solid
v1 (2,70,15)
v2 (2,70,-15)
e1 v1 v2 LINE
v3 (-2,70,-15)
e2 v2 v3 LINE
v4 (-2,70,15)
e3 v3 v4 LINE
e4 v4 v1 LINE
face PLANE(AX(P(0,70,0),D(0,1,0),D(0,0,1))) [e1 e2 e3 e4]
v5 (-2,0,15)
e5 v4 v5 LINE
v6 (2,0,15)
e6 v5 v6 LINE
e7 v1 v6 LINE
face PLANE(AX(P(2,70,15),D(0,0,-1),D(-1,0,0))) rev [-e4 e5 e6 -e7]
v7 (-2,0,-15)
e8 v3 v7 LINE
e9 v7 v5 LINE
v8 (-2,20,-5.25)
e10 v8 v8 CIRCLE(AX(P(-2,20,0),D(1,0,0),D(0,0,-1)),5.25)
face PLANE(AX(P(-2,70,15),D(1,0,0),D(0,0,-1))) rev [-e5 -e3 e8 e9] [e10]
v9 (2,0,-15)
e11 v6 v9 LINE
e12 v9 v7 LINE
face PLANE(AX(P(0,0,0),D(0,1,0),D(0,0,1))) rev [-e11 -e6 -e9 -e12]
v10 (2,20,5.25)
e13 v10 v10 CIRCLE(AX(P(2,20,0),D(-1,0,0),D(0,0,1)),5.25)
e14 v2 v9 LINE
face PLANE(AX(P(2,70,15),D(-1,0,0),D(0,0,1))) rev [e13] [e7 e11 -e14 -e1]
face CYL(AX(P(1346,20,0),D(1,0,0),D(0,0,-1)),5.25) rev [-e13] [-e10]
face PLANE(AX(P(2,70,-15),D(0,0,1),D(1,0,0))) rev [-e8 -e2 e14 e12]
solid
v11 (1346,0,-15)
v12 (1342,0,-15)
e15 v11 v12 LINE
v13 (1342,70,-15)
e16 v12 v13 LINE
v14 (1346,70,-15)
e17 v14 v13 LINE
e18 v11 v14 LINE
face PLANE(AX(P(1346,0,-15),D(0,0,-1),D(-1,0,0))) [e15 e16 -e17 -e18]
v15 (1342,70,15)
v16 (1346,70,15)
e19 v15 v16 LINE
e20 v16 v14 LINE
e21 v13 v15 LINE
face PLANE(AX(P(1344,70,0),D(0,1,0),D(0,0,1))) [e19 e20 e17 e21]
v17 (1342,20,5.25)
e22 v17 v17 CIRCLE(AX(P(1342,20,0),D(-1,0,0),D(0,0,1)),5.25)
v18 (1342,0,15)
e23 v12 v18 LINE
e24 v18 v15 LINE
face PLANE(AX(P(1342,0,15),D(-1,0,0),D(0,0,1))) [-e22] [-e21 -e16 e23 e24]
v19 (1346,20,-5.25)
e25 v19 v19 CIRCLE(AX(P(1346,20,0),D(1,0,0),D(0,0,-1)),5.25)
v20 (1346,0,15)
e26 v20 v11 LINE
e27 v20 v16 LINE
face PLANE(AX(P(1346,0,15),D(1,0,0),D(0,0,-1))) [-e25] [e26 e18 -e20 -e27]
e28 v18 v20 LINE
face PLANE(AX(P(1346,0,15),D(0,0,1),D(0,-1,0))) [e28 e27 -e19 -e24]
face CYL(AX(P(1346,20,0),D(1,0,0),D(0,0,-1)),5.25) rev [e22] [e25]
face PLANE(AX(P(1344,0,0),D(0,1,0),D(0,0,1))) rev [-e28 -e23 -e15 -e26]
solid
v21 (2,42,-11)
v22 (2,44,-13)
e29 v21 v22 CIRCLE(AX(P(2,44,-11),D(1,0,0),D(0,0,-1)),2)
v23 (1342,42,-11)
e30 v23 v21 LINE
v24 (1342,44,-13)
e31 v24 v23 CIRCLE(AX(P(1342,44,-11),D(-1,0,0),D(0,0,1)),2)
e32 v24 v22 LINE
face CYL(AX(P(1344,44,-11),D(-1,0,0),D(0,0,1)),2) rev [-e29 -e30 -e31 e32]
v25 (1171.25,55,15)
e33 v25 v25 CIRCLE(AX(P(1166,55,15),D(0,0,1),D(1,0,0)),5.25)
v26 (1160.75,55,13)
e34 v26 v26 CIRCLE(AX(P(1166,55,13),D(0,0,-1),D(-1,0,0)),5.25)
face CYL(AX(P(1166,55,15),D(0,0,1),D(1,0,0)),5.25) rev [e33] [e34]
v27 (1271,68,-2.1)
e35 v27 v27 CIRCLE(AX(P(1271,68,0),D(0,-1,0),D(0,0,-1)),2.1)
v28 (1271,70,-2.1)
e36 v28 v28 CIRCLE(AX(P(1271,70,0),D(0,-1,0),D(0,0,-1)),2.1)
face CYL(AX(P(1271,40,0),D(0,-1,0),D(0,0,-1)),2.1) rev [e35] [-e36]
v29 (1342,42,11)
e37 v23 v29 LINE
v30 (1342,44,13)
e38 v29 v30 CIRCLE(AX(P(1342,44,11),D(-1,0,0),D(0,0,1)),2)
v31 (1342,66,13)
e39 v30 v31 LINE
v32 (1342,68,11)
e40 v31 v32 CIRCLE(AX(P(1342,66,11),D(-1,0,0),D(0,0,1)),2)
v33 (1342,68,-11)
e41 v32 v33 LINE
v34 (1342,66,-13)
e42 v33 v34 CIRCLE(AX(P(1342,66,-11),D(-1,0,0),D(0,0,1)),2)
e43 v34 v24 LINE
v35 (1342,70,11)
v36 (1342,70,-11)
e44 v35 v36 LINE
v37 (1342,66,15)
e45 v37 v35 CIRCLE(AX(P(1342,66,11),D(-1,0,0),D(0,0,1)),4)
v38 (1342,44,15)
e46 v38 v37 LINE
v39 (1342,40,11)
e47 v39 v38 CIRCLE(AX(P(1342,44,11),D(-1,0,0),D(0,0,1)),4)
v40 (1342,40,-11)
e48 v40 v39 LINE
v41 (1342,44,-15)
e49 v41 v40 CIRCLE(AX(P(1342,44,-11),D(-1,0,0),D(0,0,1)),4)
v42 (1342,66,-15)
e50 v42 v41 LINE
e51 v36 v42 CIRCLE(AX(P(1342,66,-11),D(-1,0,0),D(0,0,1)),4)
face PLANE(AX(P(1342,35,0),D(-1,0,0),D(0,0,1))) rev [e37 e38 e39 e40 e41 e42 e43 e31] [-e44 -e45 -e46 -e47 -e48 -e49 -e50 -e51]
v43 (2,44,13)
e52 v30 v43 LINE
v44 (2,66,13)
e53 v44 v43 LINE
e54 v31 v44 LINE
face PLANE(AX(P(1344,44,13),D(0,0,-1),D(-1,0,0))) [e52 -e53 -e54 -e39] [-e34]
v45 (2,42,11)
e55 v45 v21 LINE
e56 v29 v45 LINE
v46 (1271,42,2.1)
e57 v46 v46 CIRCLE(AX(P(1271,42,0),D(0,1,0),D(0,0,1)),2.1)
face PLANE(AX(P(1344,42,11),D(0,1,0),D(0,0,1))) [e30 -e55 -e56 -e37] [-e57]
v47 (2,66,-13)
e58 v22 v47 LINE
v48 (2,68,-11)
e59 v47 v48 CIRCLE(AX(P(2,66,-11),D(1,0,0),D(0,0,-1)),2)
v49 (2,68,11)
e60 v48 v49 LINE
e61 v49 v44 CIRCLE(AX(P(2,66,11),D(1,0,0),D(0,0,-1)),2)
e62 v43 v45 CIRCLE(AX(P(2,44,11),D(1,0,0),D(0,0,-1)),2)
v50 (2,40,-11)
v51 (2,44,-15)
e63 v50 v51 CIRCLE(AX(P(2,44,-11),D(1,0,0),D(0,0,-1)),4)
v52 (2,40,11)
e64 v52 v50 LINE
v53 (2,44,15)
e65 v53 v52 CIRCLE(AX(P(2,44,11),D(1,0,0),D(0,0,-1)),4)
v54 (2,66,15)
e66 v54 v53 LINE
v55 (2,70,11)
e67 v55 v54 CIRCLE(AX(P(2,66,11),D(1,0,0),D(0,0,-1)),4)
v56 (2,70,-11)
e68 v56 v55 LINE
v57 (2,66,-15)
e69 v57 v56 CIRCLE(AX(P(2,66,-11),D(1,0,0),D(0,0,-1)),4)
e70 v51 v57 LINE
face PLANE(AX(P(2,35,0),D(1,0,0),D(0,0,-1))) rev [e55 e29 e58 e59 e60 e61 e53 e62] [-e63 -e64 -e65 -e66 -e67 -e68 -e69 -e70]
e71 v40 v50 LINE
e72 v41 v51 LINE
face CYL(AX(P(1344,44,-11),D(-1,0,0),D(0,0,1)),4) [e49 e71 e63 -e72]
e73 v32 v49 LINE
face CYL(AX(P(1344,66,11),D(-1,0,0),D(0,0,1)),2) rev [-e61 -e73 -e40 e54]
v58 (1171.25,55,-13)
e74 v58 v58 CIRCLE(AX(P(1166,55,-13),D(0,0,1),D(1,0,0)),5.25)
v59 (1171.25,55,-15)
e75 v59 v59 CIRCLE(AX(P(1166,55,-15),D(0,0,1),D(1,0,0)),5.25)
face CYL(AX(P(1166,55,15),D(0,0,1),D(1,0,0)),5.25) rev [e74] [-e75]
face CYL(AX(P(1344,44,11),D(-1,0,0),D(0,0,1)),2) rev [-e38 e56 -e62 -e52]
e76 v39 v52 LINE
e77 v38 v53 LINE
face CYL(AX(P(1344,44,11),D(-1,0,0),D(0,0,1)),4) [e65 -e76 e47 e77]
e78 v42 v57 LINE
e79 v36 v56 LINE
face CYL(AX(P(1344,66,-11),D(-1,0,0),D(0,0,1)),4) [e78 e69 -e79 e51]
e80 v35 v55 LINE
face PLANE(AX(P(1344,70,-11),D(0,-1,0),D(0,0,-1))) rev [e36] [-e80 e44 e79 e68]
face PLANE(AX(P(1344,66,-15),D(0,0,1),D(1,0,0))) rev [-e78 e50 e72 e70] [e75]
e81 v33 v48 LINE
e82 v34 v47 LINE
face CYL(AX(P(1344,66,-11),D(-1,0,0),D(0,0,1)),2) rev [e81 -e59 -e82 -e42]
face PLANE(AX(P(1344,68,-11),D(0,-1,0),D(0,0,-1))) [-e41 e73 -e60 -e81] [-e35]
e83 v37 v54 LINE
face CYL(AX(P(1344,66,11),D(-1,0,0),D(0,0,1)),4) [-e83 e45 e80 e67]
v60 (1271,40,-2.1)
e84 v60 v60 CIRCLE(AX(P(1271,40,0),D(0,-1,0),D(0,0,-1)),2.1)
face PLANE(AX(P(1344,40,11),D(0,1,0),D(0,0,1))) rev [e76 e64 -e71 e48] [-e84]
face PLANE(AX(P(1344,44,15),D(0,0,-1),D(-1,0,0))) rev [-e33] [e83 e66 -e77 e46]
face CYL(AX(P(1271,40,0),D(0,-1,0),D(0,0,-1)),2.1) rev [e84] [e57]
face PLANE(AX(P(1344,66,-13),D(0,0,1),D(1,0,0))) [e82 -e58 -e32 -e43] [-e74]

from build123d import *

# Parameters (mm, degrees)
SQUARE_TUBE_CONFIGURED_30_X_30_X_2_DEPTH = 1344
SKETCH11_W                               = 4
SKETCH11_H                               = 30
STEEL_BAR_CONFIGURED_30_X_2_DEPTH        = 70
SKETCH11_ON_SEGMENT_2_W                  = 4
SKETCH11_ON_SEGMENT_2_H                  = 30
STEEL_BAR_CONFIGURED_30_X_2_2_DEPTH      = 70
SKETCH13_W                               = 5.25
SKETCH13_H                               = 1348
SKETCH16_W                               = 5.25
SKETCH16_H                               = 30
SKETCH20_W                               = 2.1
SKETCH20_H                               = 30


with BuildPart() as part:
    # Sketch1 → Square tube - configured 30 X 30 X 2 (new body)
    with BuildSketch(Plane(origin=(0, 55, 0), x_dir=(0, 0, -1), z_dir=(1, 0, 0))):
        with BuildLine():
            Line((-11, -15), (11, -15))
            ThreePointArc((11, -15), (13.828427125, -13.828427125), (15, -11))
            Line((15, -11), (15, 11))
            ThreePointArc((15, 11), (13.828427125, 13.828427125), (11, 15))
            Line((11, 15), (-11, 15))
            ThreePointArc((-11, 15), (-13.828427125, 13.828427125), (-15, 11))
            Line((-15, 11), (-15, -11))
            ThreePointArc((-15, -11), (-13.828427125, -13.828427125), (-11, -15))
        make_face()
        with BuildLine():
            Line((-11, -13), (11, -13))
            ThreePointArc((11, -13), (12.414213562, -12.414213562), (13, -11))
            Line((13, -11), (13, 11))
            ThreePointArc((13, 11), (12.414213562, 12.414213562), (11, 13))
            Line((11, 13), (-11, 13))
            ThreePointArc((-11, 13), (-12.414213562, 12.414213562), (-13, 11))
            Line((-13, 11), (-13, -11))
            ThreePointArc((-13, -11), (-12.414213562, -12.414213562), (-11, -13))
        make_face(mode=Mode.SUBTRACT)
    extrude(amount=SQUARE_TUBE_CONFIGURED_30_X_30_X_2_DEPTH)

    # Trim/Extend1
    split(bisect_by=Plane(origin=(1342, 35, 0), x_dir=(0, -1, 0), z_dir=(-1, 0, 0)), keep=Keep.TOP)

    # Trim_Extend1 3
    split(bisect_by=Plane(origin=(2, 35, 0), x_dir=(0, 1, 0), z_dir=(1, 0, 0)), keep=Keep.TOP)

    # Sketch16 → Ø10.5 (10.5) PC Shelf Mount Hole (revolve, cut)
    with BuildSketch(Plane(origin=(1166, 55, 15), x_dir=(0, -1, 0), z_dir=(1, 0, 0))):
        with Locations((2.625, 15)):
            Rectangle(SKETCH16_W, SKETCH16_H)
    revolve(axis=Axis((1166, 55, 21.35), (0, 0, -1)), mode=Mode.SUBTRACT)

    # Sketch20 → Ø4.2 (4.2) PC Shelf Table Mount Hole (revolve, cut)
    with BuildSketch(Plane(origin=(1271, 40, 0), x_dir=(0, 0, -1), z_dir=(1, 0, 0))):
        with Locations((1.05, 15)):
            Rectangle(SKETCH20_W, SKETCH20_H)
    revolve(axis=Axis((1271, 33.65, 0), (0, 1, 0)), mode=Mode.SUBTRACT)


with BuildPart() as body_2:
    # Sketch11 → Steel bar - configured 30 X 2 (new body)
    with BuildSketch(Plane(origin=(0, 0, 0), x_dir=(1, 0, 0), z_dir=(0, 1, 0))):
        Rectangle(SKETCH11_W, SKETCH11_H)
    extrude(amount=STEEL_BAR_CONFIGURED_30_X_2_DEPTH)


with BuildPart() as body_3:
    # Sketch11 on segment 2 (carried to segment 2) → Steel bar - configured 30 X 2 2 (new body)
    with BuildSketch(Plane(origin=(1344, 0, 0), x_dir=(1, 0, 0), z_dir=(0, 1, 0))):
        Rectangle(SKETCH11_ON_SEGMENT_2_W, SKETCH11_ON_SEGMENT_2_H)
    extrude(amount=STEEL_BAR_CONFIGURED_30_X_2_2_DEPTH)


with BuildPart() as f_10_5_10_5_frame_mount_holes_tool:
    # Sketch13 → Ø10.5 (10.5) Frame Mount Holes (revolve)
    with BuildSketch(Plane(origin=(1346, 20, 0), x_dir=(0, 0, -1), z_dir=(0, 1, 0))):
        with Locations((2.625, 674)):
            Rectangle(SKETCH13_W, SKETCH13_H)
    revolve(axis=Axis((1352.35, 20, 0), (-1, 0, 0)))


with BuildPart() as body_2_1:
    add(body_2.part)

    # Ø10.5 (10.5) Frame Mount Holes: cut by f_10_5_10_5_frame_mount_holes_tool
    add(f_10_5_10_5_frame_mount_holes_tool.part, mode=Mode.SUBTRACT)


with BuildPart() as body_3_1:
    add(body_3.part)

    # Ø10.5 (10.5) Frame Mount Holes: cut by f_10_5_10_5_frame_mount_holes_tool
    add(f_10_5_10_5_frame_mount_holes_tool.part, mode=Mode.SUBTRACT)


solid = Compound([part.part, body_2_1.part, body_3_1.part])
